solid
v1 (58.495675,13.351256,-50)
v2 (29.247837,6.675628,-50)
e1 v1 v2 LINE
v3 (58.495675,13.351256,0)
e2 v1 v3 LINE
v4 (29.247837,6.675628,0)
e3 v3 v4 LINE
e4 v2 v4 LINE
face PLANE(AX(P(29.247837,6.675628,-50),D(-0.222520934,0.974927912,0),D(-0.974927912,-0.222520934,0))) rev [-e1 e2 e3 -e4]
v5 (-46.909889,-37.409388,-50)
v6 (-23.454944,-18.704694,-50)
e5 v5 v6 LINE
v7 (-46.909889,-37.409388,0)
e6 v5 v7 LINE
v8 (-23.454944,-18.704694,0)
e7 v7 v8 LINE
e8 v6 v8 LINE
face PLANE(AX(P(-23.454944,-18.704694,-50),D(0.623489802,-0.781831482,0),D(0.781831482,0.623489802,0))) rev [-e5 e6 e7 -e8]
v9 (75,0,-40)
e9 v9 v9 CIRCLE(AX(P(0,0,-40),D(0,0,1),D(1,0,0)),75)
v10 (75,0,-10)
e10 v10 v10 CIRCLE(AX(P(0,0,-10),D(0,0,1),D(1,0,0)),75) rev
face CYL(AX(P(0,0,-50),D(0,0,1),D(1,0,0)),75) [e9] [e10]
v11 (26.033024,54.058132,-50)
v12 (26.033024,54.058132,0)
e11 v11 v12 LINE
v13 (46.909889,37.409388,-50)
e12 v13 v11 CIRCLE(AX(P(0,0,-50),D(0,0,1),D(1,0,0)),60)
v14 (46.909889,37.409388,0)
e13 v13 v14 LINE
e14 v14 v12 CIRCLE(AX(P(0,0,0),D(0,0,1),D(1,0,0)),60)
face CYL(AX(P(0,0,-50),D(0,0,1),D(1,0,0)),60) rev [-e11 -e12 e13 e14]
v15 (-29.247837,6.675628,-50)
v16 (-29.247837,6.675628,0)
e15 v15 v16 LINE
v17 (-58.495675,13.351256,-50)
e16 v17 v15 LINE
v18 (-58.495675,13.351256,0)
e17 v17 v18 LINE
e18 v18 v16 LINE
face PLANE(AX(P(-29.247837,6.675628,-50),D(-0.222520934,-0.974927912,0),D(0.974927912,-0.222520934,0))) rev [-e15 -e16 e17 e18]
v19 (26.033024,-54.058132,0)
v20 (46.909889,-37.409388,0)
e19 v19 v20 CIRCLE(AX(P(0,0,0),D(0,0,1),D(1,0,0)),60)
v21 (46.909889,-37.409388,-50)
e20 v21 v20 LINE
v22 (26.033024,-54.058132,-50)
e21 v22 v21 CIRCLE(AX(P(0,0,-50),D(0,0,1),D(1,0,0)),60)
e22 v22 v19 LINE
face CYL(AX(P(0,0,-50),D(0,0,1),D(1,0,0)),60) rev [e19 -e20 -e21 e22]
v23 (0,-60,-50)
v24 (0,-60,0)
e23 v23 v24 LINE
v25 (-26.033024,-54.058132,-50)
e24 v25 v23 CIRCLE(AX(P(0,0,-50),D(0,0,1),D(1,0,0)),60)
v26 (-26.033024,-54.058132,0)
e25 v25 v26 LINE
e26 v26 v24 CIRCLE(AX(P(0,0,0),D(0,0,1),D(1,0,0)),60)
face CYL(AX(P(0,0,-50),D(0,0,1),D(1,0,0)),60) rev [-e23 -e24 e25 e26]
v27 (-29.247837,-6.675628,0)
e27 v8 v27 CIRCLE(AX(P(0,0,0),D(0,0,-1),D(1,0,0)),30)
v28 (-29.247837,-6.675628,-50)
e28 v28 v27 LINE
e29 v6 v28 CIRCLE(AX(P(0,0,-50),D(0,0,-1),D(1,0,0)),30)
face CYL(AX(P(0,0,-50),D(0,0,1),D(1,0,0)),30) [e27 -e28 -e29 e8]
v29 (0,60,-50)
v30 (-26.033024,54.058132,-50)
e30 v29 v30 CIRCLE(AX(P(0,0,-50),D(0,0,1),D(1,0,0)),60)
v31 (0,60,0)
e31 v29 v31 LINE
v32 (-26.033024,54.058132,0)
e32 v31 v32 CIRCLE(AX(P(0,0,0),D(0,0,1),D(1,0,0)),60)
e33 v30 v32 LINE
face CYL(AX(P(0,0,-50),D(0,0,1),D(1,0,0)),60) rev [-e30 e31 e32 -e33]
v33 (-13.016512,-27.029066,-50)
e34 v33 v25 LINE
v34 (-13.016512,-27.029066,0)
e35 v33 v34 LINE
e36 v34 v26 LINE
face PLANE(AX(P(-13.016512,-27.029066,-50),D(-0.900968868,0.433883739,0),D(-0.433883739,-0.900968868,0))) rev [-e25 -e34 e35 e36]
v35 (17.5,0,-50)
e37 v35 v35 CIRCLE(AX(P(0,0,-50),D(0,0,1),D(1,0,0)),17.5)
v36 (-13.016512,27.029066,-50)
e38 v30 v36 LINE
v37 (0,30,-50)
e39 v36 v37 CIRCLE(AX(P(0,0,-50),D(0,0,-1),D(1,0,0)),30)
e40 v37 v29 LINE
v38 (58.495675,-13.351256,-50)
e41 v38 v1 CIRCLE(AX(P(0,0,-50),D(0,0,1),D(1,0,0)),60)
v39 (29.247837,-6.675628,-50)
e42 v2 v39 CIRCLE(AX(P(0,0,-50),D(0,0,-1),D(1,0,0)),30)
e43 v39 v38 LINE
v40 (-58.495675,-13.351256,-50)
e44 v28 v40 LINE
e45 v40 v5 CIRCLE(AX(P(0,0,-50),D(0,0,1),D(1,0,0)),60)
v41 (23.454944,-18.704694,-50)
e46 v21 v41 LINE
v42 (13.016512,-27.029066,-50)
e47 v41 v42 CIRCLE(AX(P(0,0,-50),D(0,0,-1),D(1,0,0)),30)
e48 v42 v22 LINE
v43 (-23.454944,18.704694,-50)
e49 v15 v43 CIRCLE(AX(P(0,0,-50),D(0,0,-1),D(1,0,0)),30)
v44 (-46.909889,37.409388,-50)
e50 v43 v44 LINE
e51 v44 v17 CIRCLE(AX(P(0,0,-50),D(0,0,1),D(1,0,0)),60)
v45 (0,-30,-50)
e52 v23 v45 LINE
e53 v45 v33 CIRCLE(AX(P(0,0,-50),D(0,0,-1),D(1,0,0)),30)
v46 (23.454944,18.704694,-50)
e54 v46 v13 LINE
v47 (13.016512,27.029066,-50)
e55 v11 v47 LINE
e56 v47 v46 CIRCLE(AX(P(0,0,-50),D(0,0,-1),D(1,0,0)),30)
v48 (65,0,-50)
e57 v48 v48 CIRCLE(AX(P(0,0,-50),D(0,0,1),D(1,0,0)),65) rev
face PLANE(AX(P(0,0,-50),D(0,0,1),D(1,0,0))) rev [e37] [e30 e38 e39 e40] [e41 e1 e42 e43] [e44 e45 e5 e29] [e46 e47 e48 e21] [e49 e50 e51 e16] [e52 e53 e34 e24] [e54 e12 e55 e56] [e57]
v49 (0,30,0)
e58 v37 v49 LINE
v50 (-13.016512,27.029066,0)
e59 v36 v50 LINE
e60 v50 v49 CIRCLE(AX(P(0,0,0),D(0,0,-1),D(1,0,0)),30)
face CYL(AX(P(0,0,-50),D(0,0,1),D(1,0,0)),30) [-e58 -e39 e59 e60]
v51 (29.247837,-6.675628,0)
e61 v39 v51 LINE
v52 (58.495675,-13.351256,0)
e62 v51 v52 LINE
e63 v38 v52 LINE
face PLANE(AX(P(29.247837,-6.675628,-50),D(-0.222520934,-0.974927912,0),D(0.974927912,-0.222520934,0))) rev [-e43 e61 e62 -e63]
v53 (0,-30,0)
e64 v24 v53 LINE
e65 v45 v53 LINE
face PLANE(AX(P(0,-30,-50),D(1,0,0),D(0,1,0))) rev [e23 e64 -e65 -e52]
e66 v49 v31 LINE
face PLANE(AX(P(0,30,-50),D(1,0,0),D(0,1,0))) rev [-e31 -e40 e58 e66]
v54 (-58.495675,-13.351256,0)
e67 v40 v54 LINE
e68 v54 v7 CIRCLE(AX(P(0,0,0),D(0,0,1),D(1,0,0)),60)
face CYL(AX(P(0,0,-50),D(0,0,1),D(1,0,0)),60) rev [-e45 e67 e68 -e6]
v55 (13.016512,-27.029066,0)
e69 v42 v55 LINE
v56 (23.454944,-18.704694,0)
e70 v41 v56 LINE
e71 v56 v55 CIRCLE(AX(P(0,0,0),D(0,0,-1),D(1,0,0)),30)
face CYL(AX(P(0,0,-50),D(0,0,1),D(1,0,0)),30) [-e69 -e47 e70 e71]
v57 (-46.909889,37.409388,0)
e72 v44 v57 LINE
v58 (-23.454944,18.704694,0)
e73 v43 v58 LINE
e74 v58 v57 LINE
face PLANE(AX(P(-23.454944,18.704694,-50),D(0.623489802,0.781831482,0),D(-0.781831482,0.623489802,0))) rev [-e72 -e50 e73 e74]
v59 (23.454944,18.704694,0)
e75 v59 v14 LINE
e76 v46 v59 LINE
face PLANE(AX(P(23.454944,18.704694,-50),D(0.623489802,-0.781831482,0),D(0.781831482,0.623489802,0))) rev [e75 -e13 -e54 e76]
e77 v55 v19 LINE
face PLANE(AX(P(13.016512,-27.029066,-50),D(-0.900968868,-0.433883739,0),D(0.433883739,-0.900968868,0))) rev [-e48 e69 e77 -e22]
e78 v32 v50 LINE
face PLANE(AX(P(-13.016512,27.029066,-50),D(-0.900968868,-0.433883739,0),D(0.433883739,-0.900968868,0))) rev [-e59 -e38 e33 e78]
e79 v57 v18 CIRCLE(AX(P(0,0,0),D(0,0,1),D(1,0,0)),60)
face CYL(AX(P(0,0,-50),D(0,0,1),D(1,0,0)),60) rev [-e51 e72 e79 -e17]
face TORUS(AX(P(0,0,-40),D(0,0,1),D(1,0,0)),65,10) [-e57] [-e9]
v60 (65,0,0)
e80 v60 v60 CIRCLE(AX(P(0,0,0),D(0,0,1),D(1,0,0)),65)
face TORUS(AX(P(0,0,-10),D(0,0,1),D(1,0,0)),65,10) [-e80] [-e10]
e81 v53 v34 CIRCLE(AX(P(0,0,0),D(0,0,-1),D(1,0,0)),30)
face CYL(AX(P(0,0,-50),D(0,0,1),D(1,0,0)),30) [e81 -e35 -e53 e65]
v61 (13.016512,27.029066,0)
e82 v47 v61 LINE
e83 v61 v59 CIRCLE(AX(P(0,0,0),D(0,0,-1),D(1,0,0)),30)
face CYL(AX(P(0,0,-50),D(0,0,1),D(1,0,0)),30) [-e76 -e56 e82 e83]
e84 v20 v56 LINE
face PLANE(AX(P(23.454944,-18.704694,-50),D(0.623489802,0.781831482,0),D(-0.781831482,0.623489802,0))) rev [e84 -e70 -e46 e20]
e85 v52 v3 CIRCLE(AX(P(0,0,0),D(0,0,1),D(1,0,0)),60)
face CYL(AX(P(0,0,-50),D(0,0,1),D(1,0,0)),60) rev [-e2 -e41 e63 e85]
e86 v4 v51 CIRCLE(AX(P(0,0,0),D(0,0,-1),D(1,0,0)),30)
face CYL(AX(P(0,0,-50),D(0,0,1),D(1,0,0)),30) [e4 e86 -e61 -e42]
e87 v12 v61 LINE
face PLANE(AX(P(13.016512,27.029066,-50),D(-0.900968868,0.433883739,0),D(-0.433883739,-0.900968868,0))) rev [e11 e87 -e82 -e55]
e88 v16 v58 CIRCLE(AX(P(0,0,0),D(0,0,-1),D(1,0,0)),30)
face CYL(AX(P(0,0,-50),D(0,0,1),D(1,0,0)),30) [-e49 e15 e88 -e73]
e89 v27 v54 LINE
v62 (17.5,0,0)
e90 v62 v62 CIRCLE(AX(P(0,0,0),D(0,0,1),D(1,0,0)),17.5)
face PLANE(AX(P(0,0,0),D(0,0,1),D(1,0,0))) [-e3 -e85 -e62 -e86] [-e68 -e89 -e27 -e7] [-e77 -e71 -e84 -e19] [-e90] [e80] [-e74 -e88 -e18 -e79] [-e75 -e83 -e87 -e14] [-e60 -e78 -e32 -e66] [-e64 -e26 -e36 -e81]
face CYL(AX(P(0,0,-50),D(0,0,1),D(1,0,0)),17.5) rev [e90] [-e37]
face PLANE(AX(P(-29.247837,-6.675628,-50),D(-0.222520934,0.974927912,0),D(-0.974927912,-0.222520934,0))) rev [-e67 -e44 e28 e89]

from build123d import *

# Parameters (mm, degrees)
SKETCH1_R           = 75
BOSS_EXTRUDE1_DEPTH = 50
FILLET1_R           = 10
SKETCH4_R           = 17.5
CUT_EXTRUDE1_DEPTH  = 51.0000001


with BuildPart() as part:
    # Sketch1 → Boss-Extrude1 (new body)
    with BuildSketch(Plane.XY):
        Circle(SKETCH1_R)
        with BuildLine():
            Line((0, 30), (0, 60))
            ThreePointArc((0, 60), (-13.351256037, 58.495674731), (-26.033024347, 54.058132074))
            Line((-26.033024347, 54.058132074), (-13.016512174, 27.029066037))
            ThreePointArc((-13.016512174, 27.029066037), (-6.675628019, 29.247837365), (0, 30))
        make_face(mode=Mode.SUBTRACT)
        with BuildLine():
            Line((13.016512174, 27.029066037), (26.033024347, 54.058132074))
            ThreePointArc((26.033024347, 54.058132074), (37.409388112, 46.909888948), (46.909888948, 37.409388112))
            Line((46.909888948, 37.409388112), (23.454944474, 18.704694056))
            ThreePointArc((23.454944474, 18.704694056), (18.704694056, 23.454944474), (13.016512174, 27.029066037))
        make_face(mode=Mode.SUBTRACT)
        with BuildLine():
            Line((29.247837365, 6.675628019), (58.495674731, 13.351256037))
            ThreePointArc((58.495674731, 13.351256037), (60, 0), (58.495674731, -13.351256037))
            Line((58.495674731, -13.351256037), (29.247837365, -6.675628019))
            ThreePointArc((29.247837365, -6.675628019), (30, 0), (29.247837365, 6.675628019))
        make_face(mode=Mode.SUBTRACT)
        with BuildLine():
            Line((23.454944474, -18.704694056), (46.909888948, -37.409388112))
            ThreePointArc((46.909888948, -37.409388112), (37.409388112, -46.909888948), (26.033024347, -54.058132074))
            Line((26.033024347, -54.058132074), (13.016512174, -27.029066037))
            ThreePointArc((13.016512174, -27.029066037), (18.704694056, -23.454944474), (23.454944474, -18.704694056))
        make_face(mode=Mode.SUBTRACT)
        with BuildLine():
            Line((0, -30), (0, -60))
            ThreePointArc((0, -60), (-13.351256037, -58.495674731), (-26.033024347, -54.058132074))
            Line((-26.033024347, -54.058132074), (-13.016512174, -27.029066037))
            ThreePointArc((-13.016512174, -27.029066037), (-6.675628019, -29.247837365), (0, -30))
        make_face(mode=Mode.SUBTRACT)
        with BuildLine():
            Line((-23.454944474, -18.704694056), (-46.909888948, -37.409388112))
            ThreePointArc((-46.909888948, -37.409388112), (-54.058132074, -26.033024347), (-58.495674731, -13.351256037))
            Line((-58.495674731, -13.351256037), (-29.247837365, -6.675628019))
            ThreePointArc((-29.247837365, -6.675628019), (-27.029066037, -13.016512174), (-23.454944474, -18.704694056))
        make_face(mode=Mode.SUBTRACT)
        with BuildLine():
            Line((-29.247837365, 6.675628019), (-58.495674731, 13.351256037))
            ThreePointArc((-58.495674731, 13.351256037), (-54.058132074, 26.033024347), (-46.909888948, 37.409388112))
            Line((-46.909888948, 37.409388112), (-23.454944474, 18.704694056))
            ThreePointArc((-23.454944474, 18.704694056), (-27.029066037, 13.016512174), (-29.247837365, 6.675628019))
        make_face(mode=Mode.SUBTRACT)
    extrude(amount=-BOSS_EXTRUDE1_DEPTH)

    # Fillet1
    fillet1_edges = [part.edges().sort_by_distance(p)[0] for p in [
        (-75, 0, 0),
        (-75, 0, -50),
    ]]
    fillet(fillet1_edges, radius=FILLET1_R)

    # Sketch4 → Cut-Extrude1 (cut, through all)
    with BuildSketch(Plane.XY):
        Circle(SKETCH4_R)
    extrude(amount=-CUT_EXTRUDE1_DEPTH, mode=Mode.SUBTRACT)


solid = part.part
